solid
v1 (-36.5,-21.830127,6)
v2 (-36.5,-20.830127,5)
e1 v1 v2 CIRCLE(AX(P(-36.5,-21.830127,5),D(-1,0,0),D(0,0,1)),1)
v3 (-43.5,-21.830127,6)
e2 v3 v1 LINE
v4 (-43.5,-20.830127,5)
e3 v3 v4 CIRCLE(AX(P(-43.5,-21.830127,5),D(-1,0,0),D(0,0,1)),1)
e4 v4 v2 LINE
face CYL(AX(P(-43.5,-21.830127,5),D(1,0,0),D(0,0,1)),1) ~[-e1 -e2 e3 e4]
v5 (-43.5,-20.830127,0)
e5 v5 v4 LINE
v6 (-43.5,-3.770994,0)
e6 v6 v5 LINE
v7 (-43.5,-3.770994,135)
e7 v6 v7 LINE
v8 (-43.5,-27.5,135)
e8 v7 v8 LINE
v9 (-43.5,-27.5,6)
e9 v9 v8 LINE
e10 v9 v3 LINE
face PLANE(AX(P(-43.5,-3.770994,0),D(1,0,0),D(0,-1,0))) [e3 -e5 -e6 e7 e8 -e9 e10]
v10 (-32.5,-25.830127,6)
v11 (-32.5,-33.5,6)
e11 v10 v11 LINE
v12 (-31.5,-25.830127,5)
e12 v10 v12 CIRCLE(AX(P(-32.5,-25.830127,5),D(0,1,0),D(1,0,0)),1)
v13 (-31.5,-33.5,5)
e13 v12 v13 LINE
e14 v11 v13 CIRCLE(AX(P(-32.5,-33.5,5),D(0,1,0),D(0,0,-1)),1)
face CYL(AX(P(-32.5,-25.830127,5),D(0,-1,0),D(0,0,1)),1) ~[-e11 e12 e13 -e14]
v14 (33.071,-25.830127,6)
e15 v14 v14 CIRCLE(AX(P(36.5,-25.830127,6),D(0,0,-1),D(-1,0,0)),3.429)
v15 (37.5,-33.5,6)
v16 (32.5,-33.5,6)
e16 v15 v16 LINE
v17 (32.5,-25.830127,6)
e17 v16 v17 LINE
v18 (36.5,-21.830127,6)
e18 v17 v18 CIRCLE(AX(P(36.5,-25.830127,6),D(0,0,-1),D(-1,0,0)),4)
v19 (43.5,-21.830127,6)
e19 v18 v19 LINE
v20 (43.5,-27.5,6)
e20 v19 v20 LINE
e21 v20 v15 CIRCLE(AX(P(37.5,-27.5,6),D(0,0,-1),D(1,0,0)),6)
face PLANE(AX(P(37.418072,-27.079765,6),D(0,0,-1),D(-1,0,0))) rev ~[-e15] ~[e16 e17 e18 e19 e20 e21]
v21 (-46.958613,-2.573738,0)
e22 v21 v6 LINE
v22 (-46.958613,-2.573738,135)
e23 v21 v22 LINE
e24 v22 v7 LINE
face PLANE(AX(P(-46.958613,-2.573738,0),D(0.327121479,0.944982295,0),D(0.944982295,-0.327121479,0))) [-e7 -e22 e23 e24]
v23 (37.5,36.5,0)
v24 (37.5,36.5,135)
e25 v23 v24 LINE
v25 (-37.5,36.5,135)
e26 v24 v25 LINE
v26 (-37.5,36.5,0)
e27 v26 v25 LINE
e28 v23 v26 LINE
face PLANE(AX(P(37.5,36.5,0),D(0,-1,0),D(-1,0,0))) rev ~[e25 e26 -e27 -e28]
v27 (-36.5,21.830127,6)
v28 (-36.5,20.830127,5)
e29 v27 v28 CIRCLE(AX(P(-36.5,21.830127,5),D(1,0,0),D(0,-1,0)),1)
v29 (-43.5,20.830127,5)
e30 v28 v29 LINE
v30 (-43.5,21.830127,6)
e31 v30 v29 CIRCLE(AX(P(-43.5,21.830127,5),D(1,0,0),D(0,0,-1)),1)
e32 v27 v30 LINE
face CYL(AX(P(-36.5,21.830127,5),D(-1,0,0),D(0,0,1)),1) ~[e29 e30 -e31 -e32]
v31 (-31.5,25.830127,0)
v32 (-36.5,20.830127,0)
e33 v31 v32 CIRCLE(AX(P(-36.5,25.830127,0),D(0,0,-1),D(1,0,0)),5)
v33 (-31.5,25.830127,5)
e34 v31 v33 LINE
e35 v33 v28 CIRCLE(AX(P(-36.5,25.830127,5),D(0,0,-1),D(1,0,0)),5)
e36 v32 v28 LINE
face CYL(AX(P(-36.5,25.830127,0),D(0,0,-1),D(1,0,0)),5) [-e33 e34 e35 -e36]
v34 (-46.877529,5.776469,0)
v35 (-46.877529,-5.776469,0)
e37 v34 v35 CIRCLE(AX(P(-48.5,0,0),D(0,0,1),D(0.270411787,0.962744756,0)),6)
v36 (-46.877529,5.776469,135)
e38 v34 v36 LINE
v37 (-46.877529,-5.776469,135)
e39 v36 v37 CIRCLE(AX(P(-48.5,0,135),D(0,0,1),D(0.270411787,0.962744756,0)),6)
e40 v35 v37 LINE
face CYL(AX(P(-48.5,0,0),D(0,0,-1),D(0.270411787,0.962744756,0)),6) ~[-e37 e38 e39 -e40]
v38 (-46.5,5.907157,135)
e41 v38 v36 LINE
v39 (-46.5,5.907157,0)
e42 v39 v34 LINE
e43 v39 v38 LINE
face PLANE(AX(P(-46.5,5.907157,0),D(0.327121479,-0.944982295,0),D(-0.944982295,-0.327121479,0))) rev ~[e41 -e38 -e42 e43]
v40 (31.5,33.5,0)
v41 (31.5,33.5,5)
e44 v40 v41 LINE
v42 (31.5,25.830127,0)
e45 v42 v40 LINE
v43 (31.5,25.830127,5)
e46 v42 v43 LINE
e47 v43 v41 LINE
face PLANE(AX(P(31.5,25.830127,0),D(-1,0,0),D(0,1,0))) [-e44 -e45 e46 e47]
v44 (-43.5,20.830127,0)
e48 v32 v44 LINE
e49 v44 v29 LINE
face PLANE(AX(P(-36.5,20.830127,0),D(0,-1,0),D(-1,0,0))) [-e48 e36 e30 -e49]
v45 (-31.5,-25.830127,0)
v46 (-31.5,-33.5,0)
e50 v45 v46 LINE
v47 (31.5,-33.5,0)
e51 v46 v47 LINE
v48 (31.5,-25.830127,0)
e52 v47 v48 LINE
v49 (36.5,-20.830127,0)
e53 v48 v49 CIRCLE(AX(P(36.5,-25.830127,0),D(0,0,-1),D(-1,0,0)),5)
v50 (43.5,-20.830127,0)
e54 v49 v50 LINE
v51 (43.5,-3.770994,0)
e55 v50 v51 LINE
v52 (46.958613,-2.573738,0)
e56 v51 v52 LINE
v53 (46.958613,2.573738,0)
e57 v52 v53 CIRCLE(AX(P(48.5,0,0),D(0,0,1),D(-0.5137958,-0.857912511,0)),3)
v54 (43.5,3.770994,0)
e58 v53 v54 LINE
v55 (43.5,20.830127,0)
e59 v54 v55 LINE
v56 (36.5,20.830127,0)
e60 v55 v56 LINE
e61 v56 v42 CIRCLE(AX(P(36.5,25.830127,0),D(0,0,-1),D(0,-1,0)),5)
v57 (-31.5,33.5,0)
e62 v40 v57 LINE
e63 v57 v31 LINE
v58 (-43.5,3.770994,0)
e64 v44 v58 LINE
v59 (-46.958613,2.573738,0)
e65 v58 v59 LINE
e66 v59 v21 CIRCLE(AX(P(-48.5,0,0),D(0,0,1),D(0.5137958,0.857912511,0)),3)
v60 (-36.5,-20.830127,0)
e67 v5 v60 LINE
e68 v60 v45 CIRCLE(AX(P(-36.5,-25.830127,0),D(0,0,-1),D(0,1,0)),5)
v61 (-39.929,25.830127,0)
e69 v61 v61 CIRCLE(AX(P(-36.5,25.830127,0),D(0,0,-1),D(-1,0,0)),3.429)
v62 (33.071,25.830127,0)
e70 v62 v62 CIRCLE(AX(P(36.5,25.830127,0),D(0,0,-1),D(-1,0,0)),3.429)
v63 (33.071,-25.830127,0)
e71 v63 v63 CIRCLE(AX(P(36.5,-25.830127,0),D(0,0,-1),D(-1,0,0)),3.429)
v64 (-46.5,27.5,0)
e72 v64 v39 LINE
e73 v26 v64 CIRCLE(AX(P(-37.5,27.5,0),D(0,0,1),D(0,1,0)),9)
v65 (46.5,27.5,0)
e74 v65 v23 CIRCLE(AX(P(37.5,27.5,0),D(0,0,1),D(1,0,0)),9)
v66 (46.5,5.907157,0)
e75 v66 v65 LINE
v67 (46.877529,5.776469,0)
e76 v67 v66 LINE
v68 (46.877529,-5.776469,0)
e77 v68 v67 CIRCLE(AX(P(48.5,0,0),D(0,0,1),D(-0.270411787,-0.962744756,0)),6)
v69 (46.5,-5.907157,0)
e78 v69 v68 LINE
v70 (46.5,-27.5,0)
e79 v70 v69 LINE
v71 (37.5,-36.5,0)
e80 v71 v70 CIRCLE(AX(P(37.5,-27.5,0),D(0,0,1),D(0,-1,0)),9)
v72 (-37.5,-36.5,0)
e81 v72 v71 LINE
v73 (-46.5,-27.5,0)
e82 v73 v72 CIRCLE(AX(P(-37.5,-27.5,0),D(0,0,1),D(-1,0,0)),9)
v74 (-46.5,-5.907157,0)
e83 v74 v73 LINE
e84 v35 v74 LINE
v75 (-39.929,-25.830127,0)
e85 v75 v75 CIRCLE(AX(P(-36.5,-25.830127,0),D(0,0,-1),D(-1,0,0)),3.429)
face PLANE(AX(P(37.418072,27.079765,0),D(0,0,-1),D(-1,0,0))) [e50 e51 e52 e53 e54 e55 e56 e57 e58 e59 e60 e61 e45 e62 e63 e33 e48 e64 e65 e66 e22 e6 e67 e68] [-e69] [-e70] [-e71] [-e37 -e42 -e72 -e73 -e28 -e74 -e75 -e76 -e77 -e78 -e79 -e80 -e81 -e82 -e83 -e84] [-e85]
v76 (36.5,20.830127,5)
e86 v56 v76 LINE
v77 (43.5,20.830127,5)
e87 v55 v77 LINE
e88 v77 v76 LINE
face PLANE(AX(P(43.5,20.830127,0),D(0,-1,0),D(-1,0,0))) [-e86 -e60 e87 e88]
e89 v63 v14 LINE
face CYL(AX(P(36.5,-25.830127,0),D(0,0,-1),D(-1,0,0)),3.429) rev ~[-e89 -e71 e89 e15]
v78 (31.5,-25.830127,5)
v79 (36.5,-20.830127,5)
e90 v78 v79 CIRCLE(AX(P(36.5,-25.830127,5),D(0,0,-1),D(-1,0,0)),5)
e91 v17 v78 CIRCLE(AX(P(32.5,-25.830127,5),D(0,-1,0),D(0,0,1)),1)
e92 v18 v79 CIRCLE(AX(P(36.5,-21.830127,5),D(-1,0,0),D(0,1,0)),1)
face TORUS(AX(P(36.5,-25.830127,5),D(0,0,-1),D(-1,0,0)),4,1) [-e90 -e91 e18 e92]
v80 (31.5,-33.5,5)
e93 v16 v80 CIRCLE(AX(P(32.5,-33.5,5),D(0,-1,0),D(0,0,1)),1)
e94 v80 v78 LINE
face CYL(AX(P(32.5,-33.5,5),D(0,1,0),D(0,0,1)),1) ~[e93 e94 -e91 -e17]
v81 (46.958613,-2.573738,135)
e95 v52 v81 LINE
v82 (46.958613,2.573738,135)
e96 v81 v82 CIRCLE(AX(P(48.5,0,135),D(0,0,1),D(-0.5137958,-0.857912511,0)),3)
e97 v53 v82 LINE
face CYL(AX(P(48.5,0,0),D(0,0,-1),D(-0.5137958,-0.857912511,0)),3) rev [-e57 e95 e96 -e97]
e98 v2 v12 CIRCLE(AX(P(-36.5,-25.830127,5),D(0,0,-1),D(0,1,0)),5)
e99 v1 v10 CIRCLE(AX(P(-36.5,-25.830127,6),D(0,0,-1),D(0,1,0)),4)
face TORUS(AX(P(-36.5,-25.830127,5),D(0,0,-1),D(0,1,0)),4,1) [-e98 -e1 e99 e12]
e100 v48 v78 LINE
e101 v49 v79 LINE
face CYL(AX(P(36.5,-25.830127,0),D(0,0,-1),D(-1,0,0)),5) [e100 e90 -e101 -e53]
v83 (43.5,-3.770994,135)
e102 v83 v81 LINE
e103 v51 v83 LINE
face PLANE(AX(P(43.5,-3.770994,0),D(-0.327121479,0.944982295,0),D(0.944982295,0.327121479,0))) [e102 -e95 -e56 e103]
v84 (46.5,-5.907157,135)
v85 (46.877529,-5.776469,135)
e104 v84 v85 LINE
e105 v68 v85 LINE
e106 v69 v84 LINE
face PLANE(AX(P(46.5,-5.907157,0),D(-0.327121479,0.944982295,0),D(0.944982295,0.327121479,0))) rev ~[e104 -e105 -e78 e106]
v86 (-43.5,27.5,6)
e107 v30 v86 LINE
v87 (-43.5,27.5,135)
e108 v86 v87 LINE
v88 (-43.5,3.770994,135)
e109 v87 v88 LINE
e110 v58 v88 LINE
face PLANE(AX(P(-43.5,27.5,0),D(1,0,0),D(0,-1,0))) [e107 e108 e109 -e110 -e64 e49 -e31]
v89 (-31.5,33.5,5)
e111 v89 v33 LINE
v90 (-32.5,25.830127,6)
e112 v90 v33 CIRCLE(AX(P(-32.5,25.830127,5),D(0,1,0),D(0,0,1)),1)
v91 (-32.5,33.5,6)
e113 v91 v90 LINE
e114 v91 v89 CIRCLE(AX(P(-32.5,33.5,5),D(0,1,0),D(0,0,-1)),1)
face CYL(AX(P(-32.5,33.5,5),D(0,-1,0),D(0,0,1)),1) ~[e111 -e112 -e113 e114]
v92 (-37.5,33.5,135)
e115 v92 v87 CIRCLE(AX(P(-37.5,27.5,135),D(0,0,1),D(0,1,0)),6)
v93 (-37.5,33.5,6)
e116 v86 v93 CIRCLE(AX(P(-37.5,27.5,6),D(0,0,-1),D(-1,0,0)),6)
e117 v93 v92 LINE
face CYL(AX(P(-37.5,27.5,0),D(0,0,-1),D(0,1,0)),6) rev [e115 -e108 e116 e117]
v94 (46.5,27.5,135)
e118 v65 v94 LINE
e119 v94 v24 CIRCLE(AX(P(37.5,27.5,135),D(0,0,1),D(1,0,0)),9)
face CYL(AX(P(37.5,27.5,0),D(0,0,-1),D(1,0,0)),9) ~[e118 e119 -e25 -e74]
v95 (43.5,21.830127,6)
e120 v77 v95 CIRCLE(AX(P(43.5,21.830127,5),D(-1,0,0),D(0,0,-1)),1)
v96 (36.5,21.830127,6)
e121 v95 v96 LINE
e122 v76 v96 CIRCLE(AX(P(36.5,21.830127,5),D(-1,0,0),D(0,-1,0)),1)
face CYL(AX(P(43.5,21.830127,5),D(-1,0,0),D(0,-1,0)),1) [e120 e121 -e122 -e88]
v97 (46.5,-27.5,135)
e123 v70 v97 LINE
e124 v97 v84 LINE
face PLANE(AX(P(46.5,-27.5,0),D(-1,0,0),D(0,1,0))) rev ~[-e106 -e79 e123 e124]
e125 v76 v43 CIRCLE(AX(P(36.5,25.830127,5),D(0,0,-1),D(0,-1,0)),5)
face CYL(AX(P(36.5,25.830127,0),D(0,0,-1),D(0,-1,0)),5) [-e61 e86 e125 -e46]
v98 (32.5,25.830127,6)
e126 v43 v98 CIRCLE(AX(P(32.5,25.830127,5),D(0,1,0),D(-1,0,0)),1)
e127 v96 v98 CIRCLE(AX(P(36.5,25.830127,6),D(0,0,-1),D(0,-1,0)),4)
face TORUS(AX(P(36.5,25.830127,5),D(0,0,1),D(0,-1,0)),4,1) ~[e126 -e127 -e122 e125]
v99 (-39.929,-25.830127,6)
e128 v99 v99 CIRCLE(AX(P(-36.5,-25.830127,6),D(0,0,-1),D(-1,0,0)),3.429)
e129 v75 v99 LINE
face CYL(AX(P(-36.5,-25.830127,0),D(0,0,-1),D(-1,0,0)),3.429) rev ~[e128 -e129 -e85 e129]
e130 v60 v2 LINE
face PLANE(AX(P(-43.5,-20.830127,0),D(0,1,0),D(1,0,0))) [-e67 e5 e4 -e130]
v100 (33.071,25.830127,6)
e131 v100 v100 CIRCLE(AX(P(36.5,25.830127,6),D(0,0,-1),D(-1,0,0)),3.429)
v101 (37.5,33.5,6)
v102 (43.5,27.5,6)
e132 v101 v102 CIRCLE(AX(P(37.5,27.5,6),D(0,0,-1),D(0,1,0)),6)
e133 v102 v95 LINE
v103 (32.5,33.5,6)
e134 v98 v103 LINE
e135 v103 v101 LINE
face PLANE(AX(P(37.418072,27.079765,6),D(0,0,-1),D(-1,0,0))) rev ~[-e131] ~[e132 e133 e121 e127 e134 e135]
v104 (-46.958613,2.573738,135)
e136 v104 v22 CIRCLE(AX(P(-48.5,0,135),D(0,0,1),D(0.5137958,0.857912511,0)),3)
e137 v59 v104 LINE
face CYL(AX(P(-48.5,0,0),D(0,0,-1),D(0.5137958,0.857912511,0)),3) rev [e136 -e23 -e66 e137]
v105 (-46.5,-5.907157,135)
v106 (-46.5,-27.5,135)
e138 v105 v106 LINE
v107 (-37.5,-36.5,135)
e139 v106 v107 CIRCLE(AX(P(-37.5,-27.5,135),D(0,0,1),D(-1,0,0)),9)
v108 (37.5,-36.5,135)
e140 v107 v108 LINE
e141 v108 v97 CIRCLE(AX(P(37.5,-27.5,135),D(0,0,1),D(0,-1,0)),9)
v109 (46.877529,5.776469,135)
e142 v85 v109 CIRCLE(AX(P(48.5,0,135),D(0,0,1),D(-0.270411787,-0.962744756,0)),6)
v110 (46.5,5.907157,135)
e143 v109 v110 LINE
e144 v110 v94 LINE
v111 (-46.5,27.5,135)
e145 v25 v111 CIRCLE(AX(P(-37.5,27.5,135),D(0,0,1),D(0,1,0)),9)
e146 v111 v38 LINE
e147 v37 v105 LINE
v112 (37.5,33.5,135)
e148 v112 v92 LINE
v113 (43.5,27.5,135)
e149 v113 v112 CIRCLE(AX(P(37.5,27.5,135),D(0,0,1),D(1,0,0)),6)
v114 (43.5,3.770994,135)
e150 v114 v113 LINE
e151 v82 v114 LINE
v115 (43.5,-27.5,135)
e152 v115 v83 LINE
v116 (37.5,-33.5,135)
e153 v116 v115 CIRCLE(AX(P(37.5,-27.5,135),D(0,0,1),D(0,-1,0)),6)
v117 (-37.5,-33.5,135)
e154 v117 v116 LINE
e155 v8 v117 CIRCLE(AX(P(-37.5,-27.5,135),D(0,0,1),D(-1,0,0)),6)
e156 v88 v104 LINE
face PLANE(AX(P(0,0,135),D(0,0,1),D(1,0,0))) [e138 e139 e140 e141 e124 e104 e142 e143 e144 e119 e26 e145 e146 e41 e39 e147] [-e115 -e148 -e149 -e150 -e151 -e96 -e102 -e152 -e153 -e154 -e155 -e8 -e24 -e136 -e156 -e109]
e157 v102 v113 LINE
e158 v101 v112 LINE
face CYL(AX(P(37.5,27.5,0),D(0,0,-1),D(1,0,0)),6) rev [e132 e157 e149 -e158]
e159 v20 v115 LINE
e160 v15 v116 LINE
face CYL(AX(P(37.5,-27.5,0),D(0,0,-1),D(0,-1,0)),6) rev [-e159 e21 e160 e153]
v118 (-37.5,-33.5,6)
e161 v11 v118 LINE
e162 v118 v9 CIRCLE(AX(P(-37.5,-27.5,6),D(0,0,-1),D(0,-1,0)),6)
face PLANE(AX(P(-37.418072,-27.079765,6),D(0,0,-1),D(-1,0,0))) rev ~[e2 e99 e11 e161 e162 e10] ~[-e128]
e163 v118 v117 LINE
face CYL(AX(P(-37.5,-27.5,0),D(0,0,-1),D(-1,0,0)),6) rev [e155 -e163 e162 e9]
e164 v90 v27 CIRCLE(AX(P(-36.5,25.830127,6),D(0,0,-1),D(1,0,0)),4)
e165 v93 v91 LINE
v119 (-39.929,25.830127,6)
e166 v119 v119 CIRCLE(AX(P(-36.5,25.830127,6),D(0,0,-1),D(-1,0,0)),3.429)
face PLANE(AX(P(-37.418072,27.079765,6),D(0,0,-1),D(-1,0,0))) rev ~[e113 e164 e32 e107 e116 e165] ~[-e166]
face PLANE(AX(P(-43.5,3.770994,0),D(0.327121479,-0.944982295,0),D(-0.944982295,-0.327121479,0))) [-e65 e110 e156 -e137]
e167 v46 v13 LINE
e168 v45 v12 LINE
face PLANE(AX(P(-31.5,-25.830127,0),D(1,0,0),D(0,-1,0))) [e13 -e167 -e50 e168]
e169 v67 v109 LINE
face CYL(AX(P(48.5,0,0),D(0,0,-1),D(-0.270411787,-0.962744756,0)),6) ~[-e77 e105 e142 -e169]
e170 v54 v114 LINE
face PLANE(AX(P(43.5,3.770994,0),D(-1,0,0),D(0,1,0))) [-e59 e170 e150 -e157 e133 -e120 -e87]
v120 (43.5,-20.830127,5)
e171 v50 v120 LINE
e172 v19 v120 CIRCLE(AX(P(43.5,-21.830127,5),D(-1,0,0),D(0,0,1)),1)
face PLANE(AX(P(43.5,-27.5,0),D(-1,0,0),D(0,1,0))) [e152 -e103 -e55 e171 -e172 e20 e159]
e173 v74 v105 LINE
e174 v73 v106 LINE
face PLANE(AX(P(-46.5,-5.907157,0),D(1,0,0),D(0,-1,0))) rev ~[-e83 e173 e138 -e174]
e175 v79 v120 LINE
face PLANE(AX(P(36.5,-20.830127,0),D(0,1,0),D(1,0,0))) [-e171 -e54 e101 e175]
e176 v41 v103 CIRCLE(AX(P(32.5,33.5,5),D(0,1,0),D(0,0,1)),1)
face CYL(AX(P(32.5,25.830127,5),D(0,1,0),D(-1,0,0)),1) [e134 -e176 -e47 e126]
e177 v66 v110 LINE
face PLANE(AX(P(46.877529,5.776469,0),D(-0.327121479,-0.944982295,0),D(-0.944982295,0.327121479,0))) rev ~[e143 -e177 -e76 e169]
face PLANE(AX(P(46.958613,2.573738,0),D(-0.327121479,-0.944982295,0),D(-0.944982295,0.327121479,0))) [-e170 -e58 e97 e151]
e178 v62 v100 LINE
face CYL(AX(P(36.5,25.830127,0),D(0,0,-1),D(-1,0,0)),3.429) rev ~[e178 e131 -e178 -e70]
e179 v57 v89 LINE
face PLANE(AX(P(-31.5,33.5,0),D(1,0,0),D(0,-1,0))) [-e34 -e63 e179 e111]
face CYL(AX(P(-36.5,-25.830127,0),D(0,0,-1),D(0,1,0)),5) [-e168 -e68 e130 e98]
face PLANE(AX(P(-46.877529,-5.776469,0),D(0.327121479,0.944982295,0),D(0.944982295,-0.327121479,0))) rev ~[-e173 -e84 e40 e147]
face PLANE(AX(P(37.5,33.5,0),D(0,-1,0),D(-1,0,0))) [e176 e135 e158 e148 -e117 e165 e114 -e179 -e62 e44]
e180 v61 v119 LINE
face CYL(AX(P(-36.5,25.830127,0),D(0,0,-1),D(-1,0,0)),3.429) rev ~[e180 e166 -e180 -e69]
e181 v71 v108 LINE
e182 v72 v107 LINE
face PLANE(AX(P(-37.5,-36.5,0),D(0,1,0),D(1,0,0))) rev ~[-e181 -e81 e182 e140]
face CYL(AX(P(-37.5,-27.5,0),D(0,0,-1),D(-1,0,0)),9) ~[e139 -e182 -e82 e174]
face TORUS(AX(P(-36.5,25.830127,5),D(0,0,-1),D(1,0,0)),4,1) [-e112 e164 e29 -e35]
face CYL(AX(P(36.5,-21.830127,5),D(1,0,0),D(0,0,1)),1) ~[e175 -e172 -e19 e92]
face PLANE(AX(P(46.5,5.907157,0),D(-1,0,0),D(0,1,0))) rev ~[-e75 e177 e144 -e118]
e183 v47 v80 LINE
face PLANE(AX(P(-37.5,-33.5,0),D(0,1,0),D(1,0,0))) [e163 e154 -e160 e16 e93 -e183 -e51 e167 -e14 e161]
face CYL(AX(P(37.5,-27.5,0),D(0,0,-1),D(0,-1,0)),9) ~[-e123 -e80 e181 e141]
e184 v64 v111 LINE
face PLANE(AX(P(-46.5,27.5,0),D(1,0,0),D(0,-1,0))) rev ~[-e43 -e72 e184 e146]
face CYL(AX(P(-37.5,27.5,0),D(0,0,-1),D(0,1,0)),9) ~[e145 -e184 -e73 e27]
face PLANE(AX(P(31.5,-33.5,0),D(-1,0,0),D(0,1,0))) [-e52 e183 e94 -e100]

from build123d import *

# Parameters (mm, degrees)
EXTRUDE_THIN1_DEPTH = 135
SKETCH6_R           = 3.429
BOSS_EXTRUDE1_DEPTH = 6
FILLET1_R           = 1


with BuildPart() as part:
    # Sketch4 → Extrude-Thin1 (new body)
    with BuildSketch(Plane.XY):
        with BuildLine():
            Line((-46.5, 27.5), (-46.5, 5.907156632))
            Line((-46.5, 5.907156632), (-46.877529279, 5.776468537))
            ThreePointArc((-46.877529279, 5.776468537), (-54.5, 0), (-46.877529279, -5.776468537))
            Line((-46.877529279, -5.776468537), (-46.5, -5.907156632))
            Line((-46.5, -5.907156632), (-46.5, -27.5))
            ThreePointArc((-46.5, -27.5), (-43.863961031, -33.863961031), (-37.5, -36.5))
            Line((-37.5, -36.5), (37.5, -36.5))
            ThreePointArc((37.5, -36.5), (43.863961031, -33.863961031), (46.5, -27.5))
            Line((46.5, -27.5), (46.5, -5.907156632))
            Line((46.5, -5.907156632), (46.877529279, -5.776468537))
            ThreePointArc((46.877529279, -5.776468537), (54.5, 0), (46.877529279, 5.776468537))
            Line((46.877529279, 5.776468537), (46.5, 5.907156632))
            Line((46.5, 5.907156632), (46.5, 27.5))
            ThreePointArc((46.5, 27.5), (43.863961031, 33.863961031), (37.5, 36.5))
            Line((37.5, 36.5), (-37.5, 36.5))
            ThreePointArc((-37.5, 36.5), (-43.863961031, 33.863961031), (-46.5, 27.5))
        make_face()
        with BuildLine():
            Line((-43.5, 27.5), (-43.5, 3.770994321))
            Line((-43.5, 3.770994321), (-46.9586126, 2.573737532))
            ThreePointArc((-46.9586126, 2.573737532), (-51.5, 0), (-46.9586126, -2.573737532))
            Line((-46.9586126, -2.573737532), (-43.5, -3.770994321))
            Line((-43.5, -3.770994321), (-43.5, -27.5))
            ThreePointArc((-43.5, -27.5), (-41.742640687, -31.742640687), (-37.5, -33.5))
            Line((-37.5, -33.5), (37.5, -33.5))
            ThreePointArc((37.5, -33.5), (41.742640687, -31.742640687), (43.5, -27.5))
            Line((43.5, -27.5), (43.5, -3.770994321))
            Line((43.5, -3.770994321), (46.9586126, -2.573737532))
            ThreePointArc((46.9586126, -2.573737532), (51.5, 0), (46.9586126, 2.573737532))
            Line((46.9586126, 2.573737532), (43.5, 3.770994321))
            Line((43.5, 3.770994321), (43.5, 27.5))
            ThreePointArc((43.5, 27.5), (41.742640687, 31.742640687), (37.5, 33.5))
            Line((37.5, 33.5), (-37.5, 33.5))
            ThreePointArc((-37.5, 33.5), (-41.742640687, 31.742640687), (-43.5, 27.5))
        make_face(mode=Mode.SUBTRACT)
    extrude(amount=EXTRUDE_THIN1_DEPTH)

    # Sketch6 → Boss-Extrude1 (add)
    with BuildSketch(Plane(origin=(0, 0, 0), x_dir=(-1, 0, 0), z_dir=(0, 0, -1))):
        with BuildLine():
            Line((-31.5, 25.830127019), (-31.5, 33.5))
            Line((-31.5, 33.5), (-37.5, 33.5))
            ThreePointArc((-37.5, 33.5), (-41.742640687, 31.742640687), (-43.5, 27.5))
            Line((-43.5, 27.5), (-43.5, 20.830127019))
            Line((-43.5, 20.830127019), (-36.5, 20.830127019))
            ThreePointArc((-36.5, 20.830127019), (-32.964466094, 22.294593113), (-31.5, 25.830127019))
        make_face()
        with Locations((-36.5, 25.830127019)):
            Circle(SKETCH6_R, mode=Mode.SUBTRACT)
        with BuildLine():
            Line((37.5, 33.5), (31.5, 33.5))
            Line((31.5, 33.5), (31.5, 25.830127019))
            ThreePointArc((31.5, 25.830127019), (32.964466094, 22.294593113), (36.5, 20.830127019))
            Line((36.5, 20.830127019), (43.5, 20.830127019))
            Line((43.5, 20.830127019), (43.5, 27.5))
            ThreePointArc((43.5, 27.5), (41.742640687, 31.742640687), (37.5, 33.5))
        make_face()
        with Locations((36.5, 25.830127019)):
            Circle(SKETCH6_R, mode=Mode.SUBTRACT)
        with BuildLine():
            Line((31.5, -25.830127019), (31.5, -33.5))
            Line((31.5, -33.5), (37.5, -33.5))
            ThreePointArc((37.5, -33.5), (41.742640687, -31.742640687), (43.5, -27.5))
            Line((43.5, -27.5), (43.5, -20.830127019))
            Line((43.5, -20.830127019), (36.5, -20.830127019))
            ThreePointArc((36.5, -20.830127019), (32.964466094, -22.294593113), (31.5, -25.830127019))
        make_face()
        with Locations((36.5, -25.830127019)):
            Circle(SKETCH6_R, mode=Mode.SUBTRACT)
        with BuildLine():
            Line((-37.5, -33.5), (-31.5, -33.5))
            Line((-31.5, -33.5), (-31.5, -25.830127019))
            ThreePointArc((-31.5, -25.830127019), (-32.964466094, -22.294593113), (-36.5, -20.830127019))
            Line((-36.5, -20.830127019), (-43.5, -20.830127019))
            Line((-43.5, -20.830127019), (-43.5, -27.5))
            ThreePointArc((-43.5, -27.5), (-41.742640687, -31.742640687), (-37.5, -33.5))
        make_face()
        with Locations((-36.5, -25.830127019)):
            Circle(SKETCH6_R, mode=Mode.SUBTRACT)
    extrude(amount=-BOSS_EXTRUDE1_DEPTH)

    # Fillet1
    fillet1_edges = [part.edges().sort_by_distance(p)[0] for p in [
        (-40, 20.830127019, 6),
        (-32.964466094, 22.294593113, 6),
        (-31.5, 29.665063509, 6),
        (-32.964466094, -22.294593113, 6),
        (-40, -20.830127019, 6),
        (-31.5, -29.665063509, 6),
        (40, -20.830127019, 6),
        (32.964466094, -22.294593113, 6),
        (31.5, -29.665063509, 6),
        (32.964466094, 22.294593113, 6),
        (40, 20.830127019, 6),
        (31.5, 29.665063509, 6),
    ]]
    fillet(fillet1_edges, radius=FILLET1_R)


solid = part.part
